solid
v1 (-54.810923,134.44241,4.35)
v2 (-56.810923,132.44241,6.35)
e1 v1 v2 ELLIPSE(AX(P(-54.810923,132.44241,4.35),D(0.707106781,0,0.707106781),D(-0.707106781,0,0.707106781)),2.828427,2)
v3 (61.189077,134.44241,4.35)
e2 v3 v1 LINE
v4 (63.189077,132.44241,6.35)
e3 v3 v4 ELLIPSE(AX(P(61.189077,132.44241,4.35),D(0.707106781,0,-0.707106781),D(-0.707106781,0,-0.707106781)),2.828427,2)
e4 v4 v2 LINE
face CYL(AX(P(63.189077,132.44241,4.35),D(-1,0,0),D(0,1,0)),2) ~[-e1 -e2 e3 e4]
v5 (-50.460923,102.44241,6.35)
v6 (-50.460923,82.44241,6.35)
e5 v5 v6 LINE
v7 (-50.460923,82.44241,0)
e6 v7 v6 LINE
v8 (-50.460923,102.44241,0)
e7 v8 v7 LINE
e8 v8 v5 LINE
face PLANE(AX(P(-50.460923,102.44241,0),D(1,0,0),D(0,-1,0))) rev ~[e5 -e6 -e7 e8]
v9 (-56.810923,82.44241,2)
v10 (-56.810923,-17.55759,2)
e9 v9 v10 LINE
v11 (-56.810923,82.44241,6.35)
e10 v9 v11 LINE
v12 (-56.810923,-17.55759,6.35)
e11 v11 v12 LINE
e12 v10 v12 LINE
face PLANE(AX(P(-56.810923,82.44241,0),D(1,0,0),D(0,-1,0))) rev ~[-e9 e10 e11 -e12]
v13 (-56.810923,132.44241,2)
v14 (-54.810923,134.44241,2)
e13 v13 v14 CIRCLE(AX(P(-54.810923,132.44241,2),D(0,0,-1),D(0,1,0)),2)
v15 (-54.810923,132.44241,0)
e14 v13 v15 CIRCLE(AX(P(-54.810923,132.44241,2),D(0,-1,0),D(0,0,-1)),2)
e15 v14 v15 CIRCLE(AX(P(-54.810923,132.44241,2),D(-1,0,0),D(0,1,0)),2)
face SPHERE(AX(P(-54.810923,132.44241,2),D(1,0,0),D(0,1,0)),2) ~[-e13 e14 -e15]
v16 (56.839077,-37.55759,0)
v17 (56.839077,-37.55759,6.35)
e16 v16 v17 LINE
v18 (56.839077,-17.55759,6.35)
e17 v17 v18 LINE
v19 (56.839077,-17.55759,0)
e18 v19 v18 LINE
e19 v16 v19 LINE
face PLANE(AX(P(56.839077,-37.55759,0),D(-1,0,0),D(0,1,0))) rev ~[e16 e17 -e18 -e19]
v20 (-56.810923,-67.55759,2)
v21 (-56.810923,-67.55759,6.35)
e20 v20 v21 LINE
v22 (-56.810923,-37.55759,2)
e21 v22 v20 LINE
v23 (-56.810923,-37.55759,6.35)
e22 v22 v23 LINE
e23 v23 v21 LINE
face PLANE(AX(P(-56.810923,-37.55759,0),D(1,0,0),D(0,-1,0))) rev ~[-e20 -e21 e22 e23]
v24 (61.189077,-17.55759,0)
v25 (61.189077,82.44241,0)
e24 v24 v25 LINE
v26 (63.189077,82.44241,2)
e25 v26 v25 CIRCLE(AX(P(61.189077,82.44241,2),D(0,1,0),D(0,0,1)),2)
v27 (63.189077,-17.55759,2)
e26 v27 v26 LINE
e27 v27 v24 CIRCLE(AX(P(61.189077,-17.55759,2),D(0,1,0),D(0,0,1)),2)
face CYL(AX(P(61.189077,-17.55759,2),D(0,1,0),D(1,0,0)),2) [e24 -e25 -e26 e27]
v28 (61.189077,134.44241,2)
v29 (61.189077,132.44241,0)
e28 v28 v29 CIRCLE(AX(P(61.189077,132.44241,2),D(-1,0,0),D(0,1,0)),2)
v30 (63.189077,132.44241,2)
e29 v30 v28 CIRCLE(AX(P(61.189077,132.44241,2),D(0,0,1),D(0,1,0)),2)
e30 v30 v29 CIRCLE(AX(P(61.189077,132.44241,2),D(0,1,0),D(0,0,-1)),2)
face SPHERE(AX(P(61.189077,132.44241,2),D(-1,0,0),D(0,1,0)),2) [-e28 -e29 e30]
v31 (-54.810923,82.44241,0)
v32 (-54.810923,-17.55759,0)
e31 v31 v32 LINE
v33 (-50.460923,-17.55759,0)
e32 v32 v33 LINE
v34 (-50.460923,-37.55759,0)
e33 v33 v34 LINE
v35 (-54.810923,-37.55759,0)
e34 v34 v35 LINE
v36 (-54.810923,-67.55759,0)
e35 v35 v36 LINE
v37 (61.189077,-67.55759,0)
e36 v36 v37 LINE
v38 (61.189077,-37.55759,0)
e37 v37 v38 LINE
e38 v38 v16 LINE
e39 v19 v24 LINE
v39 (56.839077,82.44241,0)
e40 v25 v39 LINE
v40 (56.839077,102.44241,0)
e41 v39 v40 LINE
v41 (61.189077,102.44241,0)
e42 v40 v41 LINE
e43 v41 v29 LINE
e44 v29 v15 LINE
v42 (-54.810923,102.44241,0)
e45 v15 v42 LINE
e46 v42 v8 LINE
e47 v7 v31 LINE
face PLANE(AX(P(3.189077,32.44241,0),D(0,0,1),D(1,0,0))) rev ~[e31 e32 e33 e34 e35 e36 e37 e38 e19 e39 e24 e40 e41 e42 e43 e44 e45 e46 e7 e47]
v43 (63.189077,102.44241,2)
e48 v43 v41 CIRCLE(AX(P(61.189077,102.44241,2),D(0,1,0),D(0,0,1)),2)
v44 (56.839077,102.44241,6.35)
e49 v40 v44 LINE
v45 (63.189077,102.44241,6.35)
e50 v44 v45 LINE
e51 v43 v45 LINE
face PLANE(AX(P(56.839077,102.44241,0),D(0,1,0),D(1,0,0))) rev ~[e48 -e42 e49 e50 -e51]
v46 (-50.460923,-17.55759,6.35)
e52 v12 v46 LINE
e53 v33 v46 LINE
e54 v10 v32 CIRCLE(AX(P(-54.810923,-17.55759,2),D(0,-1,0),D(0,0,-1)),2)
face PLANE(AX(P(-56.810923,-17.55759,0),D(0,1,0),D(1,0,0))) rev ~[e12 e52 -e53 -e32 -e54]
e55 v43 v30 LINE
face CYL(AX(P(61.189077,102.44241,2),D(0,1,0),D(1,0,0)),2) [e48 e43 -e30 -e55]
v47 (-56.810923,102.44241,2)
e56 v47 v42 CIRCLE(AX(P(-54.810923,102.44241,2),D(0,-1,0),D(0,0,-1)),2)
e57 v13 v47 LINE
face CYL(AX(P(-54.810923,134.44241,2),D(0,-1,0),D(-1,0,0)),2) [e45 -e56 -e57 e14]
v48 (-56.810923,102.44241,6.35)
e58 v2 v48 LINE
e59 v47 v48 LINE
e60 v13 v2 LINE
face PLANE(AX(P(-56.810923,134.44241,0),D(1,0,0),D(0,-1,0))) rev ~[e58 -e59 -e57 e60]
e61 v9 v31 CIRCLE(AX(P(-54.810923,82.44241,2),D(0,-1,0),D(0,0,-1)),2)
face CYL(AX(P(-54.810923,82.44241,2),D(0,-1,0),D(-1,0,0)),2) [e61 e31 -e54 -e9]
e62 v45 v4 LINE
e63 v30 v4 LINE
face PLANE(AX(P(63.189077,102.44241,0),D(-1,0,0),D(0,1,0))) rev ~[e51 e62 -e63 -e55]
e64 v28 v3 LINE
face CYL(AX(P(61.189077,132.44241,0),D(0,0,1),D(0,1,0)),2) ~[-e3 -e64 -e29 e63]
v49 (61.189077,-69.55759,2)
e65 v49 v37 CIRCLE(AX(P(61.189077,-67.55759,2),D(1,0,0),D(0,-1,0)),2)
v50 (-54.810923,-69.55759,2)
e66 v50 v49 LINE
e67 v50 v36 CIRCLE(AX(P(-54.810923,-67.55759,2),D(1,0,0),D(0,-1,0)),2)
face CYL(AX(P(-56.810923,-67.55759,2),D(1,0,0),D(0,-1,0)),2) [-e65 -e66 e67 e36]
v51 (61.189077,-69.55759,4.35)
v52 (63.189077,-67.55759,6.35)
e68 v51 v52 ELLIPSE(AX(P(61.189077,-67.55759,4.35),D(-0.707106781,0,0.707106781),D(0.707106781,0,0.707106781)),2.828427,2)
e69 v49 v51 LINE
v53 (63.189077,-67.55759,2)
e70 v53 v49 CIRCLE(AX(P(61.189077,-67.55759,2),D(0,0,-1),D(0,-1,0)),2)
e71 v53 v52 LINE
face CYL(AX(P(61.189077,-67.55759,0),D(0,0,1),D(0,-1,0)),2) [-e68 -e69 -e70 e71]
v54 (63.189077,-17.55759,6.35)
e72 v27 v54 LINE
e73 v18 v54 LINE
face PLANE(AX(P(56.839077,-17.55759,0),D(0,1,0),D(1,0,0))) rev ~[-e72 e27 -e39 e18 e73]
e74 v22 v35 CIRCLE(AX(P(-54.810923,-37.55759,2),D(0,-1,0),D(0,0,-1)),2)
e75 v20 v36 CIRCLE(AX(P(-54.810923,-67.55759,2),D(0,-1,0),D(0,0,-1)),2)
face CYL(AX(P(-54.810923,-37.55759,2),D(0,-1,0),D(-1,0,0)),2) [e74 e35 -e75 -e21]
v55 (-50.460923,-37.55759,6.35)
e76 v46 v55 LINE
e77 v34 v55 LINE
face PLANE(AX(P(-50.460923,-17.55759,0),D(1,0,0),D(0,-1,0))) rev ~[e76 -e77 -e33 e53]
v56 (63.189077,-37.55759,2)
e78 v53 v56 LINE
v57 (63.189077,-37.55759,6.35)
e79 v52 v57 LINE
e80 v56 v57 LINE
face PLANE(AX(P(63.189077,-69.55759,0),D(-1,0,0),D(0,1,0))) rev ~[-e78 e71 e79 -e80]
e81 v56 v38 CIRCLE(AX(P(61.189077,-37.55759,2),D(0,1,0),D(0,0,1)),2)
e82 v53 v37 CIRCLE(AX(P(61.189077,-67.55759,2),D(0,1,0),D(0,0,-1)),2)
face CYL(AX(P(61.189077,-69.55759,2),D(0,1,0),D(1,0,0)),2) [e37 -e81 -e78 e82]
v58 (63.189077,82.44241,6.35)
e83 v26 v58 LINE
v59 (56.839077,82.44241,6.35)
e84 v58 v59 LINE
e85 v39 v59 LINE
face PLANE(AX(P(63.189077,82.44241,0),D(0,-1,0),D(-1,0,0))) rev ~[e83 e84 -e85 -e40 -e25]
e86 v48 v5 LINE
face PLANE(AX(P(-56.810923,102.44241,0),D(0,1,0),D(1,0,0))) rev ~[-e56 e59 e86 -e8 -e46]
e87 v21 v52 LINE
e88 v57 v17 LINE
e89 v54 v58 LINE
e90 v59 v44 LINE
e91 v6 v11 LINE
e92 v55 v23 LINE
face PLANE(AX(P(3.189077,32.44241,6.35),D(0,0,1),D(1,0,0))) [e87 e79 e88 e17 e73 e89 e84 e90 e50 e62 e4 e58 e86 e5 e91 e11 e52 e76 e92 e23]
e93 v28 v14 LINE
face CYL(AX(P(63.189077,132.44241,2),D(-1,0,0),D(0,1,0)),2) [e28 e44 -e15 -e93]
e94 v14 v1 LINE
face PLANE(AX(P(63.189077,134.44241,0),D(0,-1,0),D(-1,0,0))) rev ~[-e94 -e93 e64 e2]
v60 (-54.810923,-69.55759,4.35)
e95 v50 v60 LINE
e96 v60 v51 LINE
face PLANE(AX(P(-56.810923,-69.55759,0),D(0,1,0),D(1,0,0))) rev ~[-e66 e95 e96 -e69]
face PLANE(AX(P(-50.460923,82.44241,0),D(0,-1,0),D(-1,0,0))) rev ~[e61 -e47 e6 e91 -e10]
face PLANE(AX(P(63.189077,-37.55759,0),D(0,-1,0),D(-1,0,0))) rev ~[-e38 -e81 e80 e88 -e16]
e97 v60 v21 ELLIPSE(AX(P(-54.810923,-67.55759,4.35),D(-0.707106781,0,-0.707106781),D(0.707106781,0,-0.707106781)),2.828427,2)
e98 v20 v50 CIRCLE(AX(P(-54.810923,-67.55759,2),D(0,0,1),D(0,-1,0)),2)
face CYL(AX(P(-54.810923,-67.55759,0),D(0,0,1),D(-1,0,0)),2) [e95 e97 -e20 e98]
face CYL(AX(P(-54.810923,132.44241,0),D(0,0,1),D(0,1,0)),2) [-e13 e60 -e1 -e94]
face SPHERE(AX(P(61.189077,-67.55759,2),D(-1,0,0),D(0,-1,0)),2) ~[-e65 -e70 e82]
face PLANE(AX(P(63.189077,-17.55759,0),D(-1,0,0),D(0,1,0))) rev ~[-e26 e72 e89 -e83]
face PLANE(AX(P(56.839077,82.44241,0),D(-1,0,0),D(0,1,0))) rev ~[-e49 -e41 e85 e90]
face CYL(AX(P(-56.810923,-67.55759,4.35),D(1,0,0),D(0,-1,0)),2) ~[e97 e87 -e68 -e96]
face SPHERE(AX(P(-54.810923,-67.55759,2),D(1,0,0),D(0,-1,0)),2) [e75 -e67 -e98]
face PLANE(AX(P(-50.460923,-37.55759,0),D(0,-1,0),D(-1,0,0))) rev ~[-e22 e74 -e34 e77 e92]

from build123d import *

# Parameters (mm, degrees)
F1_DEPTH = 6.35
F2_R     = 2


with BuildPart() as f1:
    # F0 (on Top) → F1 (new body)
    with BuildSketch(Plane.XY):
        Polygon((63.1890770793, 134.4424099624), (-56.8109229207, 134.4424099624), (-56.8109229207, 102.4424099624), (-50.4609229207, 102.4424099624), (-50.4609229207, 82.4424099624), (-56.8109229207, 82.4424099624), (-56.8109229207, -17.5575900376), (-50.4609229207, -17.5575900376), (-50.4609229207, -37.5575900376), (-56.8109229207, -37.5575900376), (-56.8109229207, -69.5575900376), (63.1890770793, -69.5575900376), (63.1890770793, -37.5575900376), (56.8390770793, -37.5575900376), (56.8390770793, -17.5575900376), (63.1890770793, -17.5575900376), (63.1890770793, 82.4424099624), (56.8390770793, 82.4424099624), (56.8390770793, 102.4424099624), (63.1890770793, 102.4424099624), align=None)
    extrude(amount=F1_DEPTH)

    # F2
    f2_edges = [f1.edges().sort_by_distance(p)[0] for p in [
        (3.189077, -69.55759, 6.35),
        (3.189077, -69.55759, 0),
        (3.189077, 134.44241, 6.35),
        (3.189077, 134.44241, 0),
        (63.189077, 134.44241, 3.175),
        (-56.810923, 134.44241, 3.175),
        (63.189077, -69.55759, 3.175),
        (-56.810923, -69.55759, 3.175),
        (63.189077, 32.44241, 0),
        (63.189077, 118.44241, 0),
        (63.189077, -53.55759, 0),
        (-56.810923, -53.55759, 0),
        (-56.810923, 32.44241, 0),
        (-56.810923, 118.44241, 0),
    ]]
    fillet(f2_edges, radius=F2_R)


solid = f1.part
